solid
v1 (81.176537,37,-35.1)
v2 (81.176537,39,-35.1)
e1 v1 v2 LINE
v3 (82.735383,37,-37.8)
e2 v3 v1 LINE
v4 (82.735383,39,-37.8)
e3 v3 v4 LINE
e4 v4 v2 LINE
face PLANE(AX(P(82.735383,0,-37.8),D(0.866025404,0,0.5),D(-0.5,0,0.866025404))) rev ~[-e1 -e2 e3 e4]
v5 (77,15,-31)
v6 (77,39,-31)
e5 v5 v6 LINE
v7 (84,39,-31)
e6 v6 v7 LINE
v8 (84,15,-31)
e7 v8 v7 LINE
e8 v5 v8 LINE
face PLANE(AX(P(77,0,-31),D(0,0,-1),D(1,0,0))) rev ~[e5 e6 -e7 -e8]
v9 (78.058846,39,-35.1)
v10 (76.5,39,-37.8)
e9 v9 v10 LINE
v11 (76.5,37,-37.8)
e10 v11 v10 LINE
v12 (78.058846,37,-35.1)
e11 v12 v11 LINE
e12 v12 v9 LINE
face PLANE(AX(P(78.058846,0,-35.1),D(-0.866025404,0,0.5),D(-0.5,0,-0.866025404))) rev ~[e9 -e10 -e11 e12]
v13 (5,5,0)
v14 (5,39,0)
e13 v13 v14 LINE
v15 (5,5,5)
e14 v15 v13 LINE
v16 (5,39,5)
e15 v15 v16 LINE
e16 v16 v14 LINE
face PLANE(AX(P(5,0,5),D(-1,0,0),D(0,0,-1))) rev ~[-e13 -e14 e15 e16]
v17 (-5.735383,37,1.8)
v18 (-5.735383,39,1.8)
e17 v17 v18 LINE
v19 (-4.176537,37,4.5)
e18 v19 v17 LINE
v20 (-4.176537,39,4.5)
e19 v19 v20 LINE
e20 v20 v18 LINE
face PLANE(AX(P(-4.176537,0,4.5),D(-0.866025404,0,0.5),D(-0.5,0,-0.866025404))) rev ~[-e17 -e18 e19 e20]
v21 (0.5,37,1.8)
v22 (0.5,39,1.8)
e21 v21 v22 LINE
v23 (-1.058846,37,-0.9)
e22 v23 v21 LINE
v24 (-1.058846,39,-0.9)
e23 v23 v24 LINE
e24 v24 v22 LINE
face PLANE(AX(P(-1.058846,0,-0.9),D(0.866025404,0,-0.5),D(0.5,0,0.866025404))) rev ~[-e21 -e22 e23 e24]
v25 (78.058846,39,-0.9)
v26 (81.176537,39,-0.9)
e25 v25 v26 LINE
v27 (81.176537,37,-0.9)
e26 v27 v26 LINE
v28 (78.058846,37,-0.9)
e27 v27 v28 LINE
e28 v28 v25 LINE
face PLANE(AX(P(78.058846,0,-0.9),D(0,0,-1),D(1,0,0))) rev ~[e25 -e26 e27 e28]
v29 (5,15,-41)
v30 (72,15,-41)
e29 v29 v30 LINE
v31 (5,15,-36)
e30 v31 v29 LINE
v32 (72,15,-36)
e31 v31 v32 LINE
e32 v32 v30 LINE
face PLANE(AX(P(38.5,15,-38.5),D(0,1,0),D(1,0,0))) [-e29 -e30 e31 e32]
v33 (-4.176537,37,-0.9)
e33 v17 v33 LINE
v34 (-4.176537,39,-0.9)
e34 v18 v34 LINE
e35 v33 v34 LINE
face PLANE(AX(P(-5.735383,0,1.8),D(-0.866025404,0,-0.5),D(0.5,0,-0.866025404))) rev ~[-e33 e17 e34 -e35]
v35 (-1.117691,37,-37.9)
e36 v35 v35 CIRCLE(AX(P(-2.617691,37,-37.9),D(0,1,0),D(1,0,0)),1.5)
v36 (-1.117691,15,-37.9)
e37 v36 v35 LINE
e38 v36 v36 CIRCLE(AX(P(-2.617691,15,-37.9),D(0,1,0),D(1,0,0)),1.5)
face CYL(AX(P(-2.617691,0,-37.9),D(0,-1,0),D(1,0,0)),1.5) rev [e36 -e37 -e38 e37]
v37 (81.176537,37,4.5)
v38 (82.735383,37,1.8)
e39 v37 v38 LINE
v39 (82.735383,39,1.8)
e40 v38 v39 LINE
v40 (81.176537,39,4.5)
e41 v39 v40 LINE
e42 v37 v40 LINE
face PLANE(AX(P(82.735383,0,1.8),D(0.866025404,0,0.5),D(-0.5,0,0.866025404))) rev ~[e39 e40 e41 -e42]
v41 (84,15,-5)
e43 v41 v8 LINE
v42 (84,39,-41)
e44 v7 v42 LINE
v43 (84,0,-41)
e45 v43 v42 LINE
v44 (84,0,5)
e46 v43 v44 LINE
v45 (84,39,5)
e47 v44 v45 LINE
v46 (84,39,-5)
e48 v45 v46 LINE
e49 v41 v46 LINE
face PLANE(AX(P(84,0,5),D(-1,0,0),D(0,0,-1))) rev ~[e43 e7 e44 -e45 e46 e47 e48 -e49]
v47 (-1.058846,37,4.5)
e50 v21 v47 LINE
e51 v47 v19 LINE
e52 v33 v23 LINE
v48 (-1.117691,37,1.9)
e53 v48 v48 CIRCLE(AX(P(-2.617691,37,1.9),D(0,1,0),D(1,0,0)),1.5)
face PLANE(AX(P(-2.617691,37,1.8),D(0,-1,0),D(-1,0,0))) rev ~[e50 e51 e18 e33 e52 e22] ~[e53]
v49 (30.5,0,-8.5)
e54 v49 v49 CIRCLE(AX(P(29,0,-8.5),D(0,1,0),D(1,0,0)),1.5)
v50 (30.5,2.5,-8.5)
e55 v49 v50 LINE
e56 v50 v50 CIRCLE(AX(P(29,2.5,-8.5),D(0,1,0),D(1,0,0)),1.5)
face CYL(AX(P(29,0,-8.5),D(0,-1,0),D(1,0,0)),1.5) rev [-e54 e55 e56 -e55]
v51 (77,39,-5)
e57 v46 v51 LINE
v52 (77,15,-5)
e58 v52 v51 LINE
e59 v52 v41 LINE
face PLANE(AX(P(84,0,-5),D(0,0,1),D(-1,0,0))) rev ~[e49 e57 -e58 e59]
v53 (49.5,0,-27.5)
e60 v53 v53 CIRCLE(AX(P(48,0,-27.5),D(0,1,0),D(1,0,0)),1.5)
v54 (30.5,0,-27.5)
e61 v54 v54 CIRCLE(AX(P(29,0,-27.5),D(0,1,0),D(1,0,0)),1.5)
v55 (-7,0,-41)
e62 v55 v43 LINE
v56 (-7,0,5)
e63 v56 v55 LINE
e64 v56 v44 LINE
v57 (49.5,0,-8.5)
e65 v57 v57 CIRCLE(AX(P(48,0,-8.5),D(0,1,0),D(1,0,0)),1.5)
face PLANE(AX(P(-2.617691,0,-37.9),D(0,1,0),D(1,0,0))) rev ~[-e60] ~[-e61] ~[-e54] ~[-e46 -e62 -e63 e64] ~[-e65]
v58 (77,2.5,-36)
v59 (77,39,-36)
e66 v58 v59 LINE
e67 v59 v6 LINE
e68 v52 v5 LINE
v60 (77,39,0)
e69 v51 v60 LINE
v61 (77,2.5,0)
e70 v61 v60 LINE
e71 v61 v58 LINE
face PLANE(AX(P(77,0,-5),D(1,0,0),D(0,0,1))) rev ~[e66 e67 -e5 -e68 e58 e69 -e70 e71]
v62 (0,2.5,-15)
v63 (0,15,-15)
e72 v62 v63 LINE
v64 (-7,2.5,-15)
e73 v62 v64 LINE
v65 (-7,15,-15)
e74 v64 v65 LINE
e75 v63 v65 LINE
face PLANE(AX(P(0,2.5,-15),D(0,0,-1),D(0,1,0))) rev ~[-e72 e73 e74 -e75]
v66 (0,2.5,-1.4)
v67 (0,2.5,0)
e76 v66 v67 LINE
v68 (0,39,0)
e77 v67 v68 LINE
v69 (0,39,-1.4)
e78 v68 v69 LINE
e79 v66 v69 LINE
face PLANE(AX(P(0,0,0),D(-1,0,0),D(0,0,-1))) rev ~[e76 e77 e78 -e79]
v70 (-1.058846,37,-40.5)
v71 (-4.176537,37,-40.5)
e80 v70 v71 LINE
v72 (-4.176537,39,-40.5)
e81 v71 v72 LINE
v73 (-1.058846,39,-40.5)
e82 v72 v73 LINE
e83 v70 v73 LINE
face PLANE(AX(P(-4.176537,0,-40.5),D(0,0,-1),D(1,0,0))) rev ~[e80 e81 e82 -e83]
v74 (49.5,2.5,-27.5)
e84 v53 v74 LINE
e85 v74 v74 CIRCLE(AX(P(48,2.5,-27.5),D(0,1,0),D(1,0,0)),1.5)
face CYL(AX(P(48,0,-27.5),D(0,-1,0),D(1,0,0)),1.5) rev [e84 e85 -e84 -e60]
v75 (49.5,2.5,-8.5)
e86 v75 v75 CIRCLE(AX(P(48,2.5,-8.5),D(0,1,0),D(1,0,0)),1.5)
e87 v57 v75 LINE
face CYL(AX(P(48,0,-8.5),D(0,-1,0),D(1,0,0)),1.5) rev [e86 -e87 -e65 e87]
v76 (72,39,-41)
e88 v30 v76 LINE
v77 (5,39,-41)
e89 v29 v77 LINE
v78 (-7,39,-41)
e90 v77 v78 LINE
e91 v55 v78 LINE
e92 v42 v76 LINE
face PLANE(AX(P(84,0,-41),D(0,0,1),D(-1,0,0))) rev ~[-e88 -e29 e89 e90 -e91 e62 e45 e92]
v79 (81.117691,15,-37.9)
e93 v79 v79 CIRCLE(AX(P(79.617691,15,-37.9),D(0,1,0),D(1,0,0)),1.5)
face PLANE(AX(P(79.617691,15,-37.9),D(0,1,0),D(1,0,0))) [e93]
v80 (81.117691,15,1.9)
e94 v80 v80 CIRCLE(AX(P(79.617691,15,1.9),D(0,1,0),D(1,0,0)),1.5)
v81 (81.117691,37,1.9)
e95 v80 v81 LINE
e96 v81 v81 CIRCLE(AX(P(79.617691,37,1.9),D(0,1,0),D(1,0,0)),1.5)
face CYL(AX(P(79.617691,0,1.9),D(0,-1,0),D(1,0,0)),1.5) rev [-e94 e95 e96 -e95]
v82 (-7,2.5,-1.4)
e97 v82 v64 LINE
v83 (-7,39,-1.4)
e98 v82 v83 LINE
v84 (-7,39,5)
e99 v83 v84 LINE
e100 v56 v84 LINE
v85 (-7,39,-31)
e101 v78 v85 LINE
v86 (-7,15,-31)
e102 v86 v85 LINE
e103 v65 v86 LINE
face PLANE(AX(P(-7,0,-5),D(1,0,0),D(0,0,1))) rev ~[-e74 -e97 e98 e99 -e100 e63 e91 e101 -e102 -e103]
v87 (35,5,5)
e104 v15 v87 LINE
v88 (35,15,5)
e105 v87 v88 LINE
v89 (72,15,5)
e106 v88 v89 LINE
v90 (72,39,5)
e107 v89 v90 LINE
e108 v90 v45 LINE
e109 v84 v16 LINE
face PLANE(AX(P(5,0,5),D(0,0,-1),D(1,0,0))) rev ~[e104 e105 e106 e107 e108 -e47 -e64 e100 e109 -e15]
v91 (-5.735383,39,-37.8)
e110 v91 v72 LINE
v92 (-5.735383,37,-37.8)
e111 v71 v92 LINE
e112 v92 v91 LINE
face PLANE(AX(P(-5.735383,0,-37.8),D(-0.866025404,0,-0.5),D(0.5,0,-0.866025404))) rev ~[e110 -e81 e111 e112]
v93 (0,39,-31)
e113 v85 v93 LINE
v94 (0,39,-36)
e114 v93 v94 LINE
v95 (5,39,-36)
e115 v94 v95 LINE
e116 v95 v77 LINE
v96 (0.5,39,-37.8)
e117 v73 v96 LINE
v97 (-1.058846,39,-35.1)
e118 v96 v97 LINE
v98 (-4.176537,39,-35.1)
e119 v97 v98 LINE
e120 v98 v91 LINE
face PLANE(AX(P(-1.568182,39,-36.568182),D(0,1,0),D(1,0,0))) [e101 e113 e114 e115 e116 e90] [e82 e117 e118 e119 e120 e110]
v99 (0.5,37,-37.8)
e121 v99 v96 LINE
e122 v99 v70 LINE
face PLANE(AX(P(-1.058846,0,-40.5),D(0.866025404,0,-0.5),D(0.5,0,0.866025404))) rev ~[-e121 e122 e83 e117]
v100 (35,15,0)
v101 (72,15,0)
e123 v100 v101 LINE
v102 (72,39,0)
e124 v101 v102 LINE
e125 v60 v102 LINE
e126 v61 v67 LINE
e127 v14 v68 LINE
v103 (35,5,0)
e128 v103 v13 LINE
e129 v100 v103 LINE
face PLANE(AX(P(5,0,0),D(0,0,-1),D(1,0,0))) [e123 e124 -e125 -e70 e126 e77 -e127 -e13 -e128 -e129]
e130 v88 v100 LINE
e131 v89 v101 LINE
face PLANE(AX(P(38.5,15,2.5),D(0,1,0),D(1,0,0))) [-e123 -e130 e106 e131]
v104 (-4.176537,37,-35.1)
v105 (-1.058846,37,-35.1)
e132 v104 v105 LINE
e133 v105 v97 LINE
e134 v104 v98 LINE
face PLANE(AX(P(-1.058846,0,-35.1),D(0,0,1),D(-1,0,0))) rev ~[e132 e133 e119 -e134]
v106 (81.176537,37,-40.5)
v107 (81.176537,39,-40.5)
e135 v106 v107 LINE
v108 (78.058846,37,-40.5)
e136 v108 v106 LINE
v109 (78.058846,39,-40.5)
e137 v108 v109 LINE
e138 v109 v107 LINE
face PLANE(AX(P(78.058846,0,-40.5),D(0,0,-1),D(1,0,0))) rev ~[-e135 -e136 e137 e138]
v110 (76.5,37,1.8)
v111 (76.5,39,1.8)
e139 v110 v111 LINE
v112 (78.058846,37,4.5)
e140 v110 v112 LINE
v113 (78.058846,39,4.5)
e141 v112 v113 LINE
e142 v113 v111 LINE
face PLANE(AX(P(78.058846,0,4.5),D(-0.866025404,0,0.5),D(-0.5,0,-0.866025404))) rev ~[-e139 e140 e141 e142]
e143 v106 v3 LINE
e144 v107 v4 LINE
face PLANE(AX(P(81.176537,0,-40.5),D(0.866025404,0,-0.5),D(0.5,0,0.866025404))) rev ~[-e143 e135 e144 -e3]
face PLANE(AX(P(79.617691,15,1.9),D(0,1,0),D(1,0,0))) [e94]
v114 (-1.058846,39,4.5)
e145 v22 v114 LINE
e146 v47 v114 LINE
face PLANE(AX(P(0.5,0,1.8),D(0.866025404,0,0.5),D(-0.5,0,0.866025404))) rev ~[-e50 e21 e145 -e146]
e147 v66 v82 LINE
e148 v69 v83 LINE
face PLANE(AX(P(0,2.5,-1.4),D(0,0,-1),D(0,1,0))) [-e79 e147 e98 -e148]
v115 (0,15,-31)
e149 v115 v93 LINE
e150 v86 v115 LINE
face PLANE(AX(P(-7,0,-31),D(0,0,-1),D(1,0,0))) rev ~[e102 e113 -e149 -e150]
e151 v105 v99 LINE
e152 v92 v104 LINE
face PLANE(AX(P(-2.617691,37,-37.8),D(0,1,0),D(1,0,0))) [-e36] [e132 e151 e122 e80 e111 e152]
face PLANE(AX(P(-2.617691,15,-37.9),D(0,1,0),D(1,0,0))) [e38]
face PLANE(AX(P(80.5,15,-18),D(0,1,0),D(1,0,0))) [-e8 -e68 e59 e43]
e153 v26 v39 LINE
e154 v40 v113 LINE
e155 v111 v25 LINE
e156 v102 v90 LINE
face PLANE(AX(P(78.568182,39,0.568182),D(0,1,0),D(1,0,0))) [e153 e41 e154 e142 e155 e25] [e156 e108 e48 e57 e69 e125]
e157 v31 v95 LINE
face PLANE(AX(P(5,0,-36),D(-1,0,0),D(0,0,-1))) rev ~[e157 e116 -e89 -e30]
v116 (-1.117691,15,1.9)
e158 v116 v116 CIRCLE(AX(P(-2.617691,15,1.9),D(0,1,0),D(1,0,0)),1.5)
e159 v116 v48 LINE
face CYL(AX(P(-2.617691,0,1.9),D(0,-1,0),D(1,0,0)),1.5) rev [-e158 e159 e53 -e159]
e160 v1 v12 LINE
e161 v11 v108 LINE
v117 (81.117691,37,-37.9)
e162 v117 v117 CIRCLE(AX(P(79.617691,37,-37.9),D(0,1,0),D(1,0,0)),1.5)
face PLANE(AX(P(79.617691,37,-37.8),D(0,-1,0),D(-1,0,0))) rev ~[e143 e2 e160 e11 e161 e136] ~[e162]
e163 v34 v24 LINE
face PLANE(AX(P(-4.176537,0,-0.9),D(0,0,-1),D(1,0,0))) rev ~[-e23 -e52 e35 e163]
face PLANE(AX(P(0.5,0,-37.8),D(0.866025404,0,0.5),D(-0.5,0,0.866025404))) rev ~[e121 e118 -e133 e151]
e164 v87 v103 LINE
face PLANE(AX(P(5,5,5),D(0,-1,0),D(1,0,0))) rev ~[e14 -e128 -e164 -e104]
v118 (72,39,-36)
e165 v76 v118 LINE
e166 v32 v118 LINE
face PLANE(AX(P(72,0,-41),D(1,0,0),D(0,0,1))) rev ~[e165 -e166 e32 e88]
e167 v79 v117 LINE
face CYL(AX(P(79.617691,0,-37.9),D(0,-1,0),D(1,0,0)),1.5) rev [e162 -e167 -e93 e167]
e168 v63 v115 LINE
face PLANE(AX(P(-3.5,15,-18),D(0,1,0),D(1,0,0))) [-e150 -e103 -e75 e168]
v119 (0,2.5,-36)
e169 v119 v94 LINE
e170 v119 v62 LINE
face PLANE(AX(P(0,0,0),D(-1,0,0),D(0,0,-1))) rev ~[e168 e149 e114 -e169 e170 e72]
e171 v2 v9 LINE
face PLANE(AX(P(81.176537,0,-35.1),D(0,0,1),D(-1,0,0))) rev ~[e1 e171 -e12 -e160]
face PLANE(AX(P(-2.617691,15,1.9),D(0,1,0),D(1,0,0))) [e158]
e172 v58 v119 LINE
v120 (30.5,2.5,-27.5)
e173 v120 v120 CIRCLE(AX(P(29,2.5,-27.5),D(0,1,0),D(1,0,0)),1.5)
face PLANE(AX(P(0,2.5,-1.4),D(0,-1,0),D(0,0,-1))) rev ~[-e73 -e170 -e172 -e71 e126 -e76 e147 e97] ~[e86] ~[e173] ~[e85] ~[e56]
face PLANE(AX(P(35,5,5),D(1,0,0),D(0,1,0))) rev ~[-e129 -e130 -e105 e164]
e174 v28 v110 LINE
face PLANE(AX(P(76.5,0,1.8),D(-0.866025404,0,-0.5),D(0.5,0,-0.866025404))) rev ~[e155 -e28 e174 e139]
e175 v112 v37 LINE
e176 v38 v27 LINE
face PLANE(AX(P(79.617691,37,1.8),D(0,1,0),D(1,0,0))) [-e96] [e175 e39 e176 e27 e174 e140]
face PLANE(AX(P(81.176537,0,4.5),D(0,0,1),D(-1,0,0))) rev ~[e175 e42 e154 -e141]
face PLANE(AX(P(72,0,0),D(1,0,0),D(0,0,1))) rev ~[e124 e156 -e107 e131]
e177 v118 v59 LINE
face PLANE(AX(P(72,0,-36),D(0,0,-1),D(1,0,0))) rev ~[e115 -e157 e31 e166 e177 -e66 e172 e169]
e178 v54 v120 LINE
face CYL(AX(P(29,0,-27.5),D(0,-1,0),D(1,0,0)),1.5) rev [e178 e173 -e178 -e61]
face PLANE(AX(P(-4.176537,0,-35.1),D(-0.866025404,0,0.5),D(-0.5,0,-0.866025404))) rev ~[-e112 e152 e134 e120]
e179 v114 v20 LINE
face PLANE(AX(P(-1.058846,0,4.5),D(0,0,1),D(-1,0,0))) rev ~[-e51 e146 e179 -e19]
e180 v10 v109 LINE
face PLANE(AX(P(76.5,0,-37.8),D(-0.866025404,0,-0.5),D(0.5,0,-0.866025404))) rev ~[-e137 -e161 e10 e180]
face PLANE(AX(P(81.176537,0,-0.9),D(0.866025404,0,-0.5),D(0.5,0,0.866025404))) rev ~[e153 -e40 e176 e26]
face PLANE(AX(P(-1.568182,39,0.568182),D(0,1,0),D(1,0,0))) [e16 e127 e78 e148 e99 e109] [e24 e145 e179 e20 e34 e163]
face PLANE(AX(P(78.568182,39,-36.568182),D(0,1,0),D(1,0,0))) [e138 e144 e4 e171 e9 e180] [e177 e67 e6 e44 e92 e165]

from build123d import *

# Parameters (mm, degrees)
BOSS_EXTRUDE7_DEPTH   = 39
BOSS_EXTRUDE7_2_DEPTH = 39
BOSS_EXTRUDE7_3_DEPTH = 39
BOSS_EXTRUDE7_4_DEPTH = 39
SKETCH1_11_R          = 1.5
BOSS_EXTRUDE8_DEPTH   = 2.5
SKETCH1_12_W          = 67
SKETCH1_12_H          = 5
SKETCH1_12_W_2        = 7
SKETCH1_12_H_2        = 26
BOSS_EXTRUDE9_DEPTH   = 15
SKETCH1_19_R          = 1.5
BOSS_EXTRUDE12_DEPTH  = 37
SKETCH1_20_R          = 1.5
BOSS_EXTRUDE13_DEPTH  = 15
SKETCH4_W             = 13.6
SKETCH4_H             = 36.5
CUT_EXTRUDE2_DEPTH    = 102.281785134
SKETCH5_W             = 30
SKETCH5_H             = 10
CUT_EXTRUDE4_DEPTH    = 15


with BuildPart() as part:
    # Sketch1 → Boss-Extrude7 (new body)
    with BuildSketch(Plane(origin=(0, 0, 0), x_dir=(1, 0, 0), z_dir=(0, 1, 0))):
        Polygon((5, 0), (0, 0), (0, 5), (-7, 5), (-7, -5), (5, -5), align=None)
        Polygon((-5.735382907, -1.8), (-4.17653718, 0.9), (-1.058845727, 0.9), (0.5, -1.8), (-1.058845727, -4.5), (-4.17653718, -4.5), align=None, mode=Mode.SUBTRACT)
    extrude(amount=BOSS_EXTRUDE7_DEPTH)



with BuildPart() as body_2:
    # Sketch1 → Boss-Extrude7 2 (new body)
    with BuildSketch(Plane(origin=(0, 0, 0), x_dir=(1, 0, 0), z_dir=(0, 1, 0))):
        Polygon((77, 0), (72, 0), (72, -5), (84, -5), (84, 5), (77, 5), align=None)
        Polygon((81.17653718, 0.9), (82.735382907, -1.8), (81.17653718, -4.5), (78.058845727, -4.5), (76.5, -1.8), (78.058845727, 0.9), align=None, mode=Mode.SUBTRACT)
    extrude(amount=BOSS_EXTRUDE7_2_DEPTH)


with BuildPart() as body_3:
    # Sketch1 → Boss-Extrude7 3 (new body)
    with BuildSketch(Plane(origin=(0, 0, 0), x_dir=(1, 0, 0), z_dir=(0, 1, 0))):
        Polygon((-7, 31), (0, 31), (0, 36), (5, 36), (5, 41), (-7, 41), align=None)
        Polygon((0.5, 37.8), (-1.058845727, 35.1), (-4.17653718, 35.1), (-5.735382907, 37.8), (-4.17653718, 40.5), (-1.058845727, 40.5), align=None, mode=Mode.SUBTRACT)
    extrude(amount=BOSS_EXTRUDE7_3_DEPTH)


with BuildPart() as body_4:
    # Sketch1 → Boss-Extrude7 4 (new body)
    with BuildSketch(Plane(origin=(0, 0, 0), x_dir=(1, 0, 0), z_dir=(0, 1, 0))):
        Polygon((77, 36), (77, 31), (84, 31), (84, 41), (72, 41), (72, 36), align=None)
        Polygon((82.735382907, 37.8), (81.17653718, 35.1), (78.058845727, 35.1), (76.5, 37.8), (78.058845727, 40.5), (81.17653718, 40.5), align=None, mode=Mode.SUBTRACT)
    extrude(amount=BOSS_EXTRUDE7_4_DEPTH)


    add(body_2.part)  # Boss-Extrude8 merges body 2

    add(body_3.part)  # Boss-Extrude8 merges body 3
    # Sketch1<11> → Boss-Extrude8 (add)
    with BuildSketch(Plane(origin=(0, 0, 0), x_dir=(1, 0, 0), z_dir=(0, 1, 0))):
        Polygon((0, 5), (0, 0), (5, 0), (72, 0), (77, 0), (77, 5), (77, 31), (77, 36), (72, 36), (5, 36), (0, 36), (0, 31), align=None)
        with Locations((29, 8.5)):
            Circle(SKETCH1_11_R, mode=Mode.SUBTRACT)
        with Locations((48, 8.5)):
            Circle(SKETCH1_11_R, mode=Mode.SUBTRACT)
        with Locations((29, 27.5)):
            Circle(SKETCH1_11_R, mode=Mode.SUBTRACT)
        with Locations((48, 27.5)):
            Circle(SKETCH1_11_R, mode=Mode.SUBTRACT)
    extrude(amount=BOSS_EXTRUDE8_DEPTH)

    # Sketch1<12> → Boss-Extrude9 (add)
    with BuildSketch(Plane(origin=(0, 0, 0), x_dir=(1, 0, 0), z_dir=(0, 1, 0))):
        with Locations((38.5, -2.5)):
            Rectangle(SKETCH1_12_W, SKETCH1_12_H)
        with Locations((-3.5, 18)):
            Rectangle(SKETCH1_12_W_2, SKETCH1_12_H_2)
        with Locations((80.5, 18)):
            Rectangle(SKETCH1_12_W_2, SKETCH1_12_H_2)
        with Locations((38.5, 38.5)):
            Rectangle(SKETCH1_12_W, SKETCH1_12_H)
    extrude(amount=BOSS_EXTRUDE9_DEPTH)


with BuildPart() as part_1:
    add(part.part)

    add(body_4.part)  # Boss-Extrude12 merges body 4
    # Sketch1<19> → Boss-Extrude12 (add)
    # profile 1 of 4: a face of its own
    with BuildSketch(Plane(origin=(0, 0, 0), x_dir=(1, 0, 0), z_dir=(0, 1, 0))):
        Polygon((-1.058845727, 0.9), (-4.17653718, 0.9), (-5.735382907, -1.8), (-4.17653718, -4.5), (-1.058845727, -4.5), (0.5, -1.8), align=None)
        with Locations((-2.617691454, -1.9)):
            Circle(SKETCH1_19_R, mode=Mode.SUBTRACT)
    # profile 2 of 4: a face of its own
    with BuildSketch(Plane(origin=(0, 0, 0), x_dir=(1, 0, 0), z_dir=(0, 1, 0))):
        Polygon((-4.17653718, 35.1), (-1.058845727, 35.1), (0.5, 37.8), (-1.058845727, 40.5), (-4.17653718, 40.5), (-5.735382907, 37.8), align=None)
        with Locations((-2.617691454, 37.9)):
            Circle(SKETCH1_19_R, mode=Mode.SUBTRACT)
    # profile 3 of 4: a face of its own
    with BuildSketch(Plane(origin=(0, 0, 0), x_dir=(1, 0, 0), z_dir=(0, 1, 0))):
        Polygon((81.17653718, -4.5), (82.735382907, -1.8), (81.17653718, 0.9), (78.058845727, 0.9), (76.5, -1.8), (78.058845727, -4.5), align=None)
        with Locations((79.617691454, -1.9)):
            Circle(SKETCH1_19_R, mode=Mode.SUBTRACT)
    # profile 4 of 4: a face of its own
    with BuildSketch(Plane(origin=(0, 0, 0), x_dir=(1, 0, 0), z_dir=(0, 1, 0))):
        Polygon((78.058845727, 35.1), (81.17653718, 35.1), (82.735382907, 37.8), (81.17653718, 40.5), (78.058845727, 40.5), (76.5, 37.8), align=None)
        with Locations((79.617691454, 37.9)):
            Circle(SKETCH1_19_R, mode=Mode.SUBTRACT)
    extrude(amount=BOSS_EXTRUDE12_DEPTH)

    # Sketch1<20> → Boss-Extrude13 (add)
    with BuildSketch(Plane(origin=(0, 0, 0), x_dir=(1, 0, 0), z_dir=(0, 1, 0))):
        with Locations((-2.617691454, 37.9)):
            Circle(SKETCH1_20_R)
        with Locations((-2.617691454, -1.9)):
            Circle(SKETCH1_20_R)
        with Locations((79.617691454, -1.9)):
            Circle(SKETCH1_20_R)
        with Locations((79.617691454, 37.9)):
            Circle(SKETCH1_20_R)
    extrude(amount=BOSS_EXTRUDE13_DEPTH)

    # Sketch4 → Cut-Extrude2 (cut, through all)
    with BuildSketch(Plane(origin=(0, 0, 0), x_dir=(0, 0, -1), z_dir=(1, 0, 0))):
        with Locations((8.2, 20.75)):
            Rectangle(SKETCH4_W, SKETCH4_H)
    extrude(amount=-CUT_EXTRUDE2_DEPTH, mode=Mode.SUBTRACT)

    # Sketch5 → Cut-Extrude4 (cut)
    with BuildSketch(Plane.XY.offset(5)):
        with Locations((20, 10)):
            Rectangle(SKETCH5_W, SKETCH5_H)
    extrude(amount=-CUT_EXTRUDE4_DEPTH, mode=Mode.SUBTRACT)


solid = part_1.part
